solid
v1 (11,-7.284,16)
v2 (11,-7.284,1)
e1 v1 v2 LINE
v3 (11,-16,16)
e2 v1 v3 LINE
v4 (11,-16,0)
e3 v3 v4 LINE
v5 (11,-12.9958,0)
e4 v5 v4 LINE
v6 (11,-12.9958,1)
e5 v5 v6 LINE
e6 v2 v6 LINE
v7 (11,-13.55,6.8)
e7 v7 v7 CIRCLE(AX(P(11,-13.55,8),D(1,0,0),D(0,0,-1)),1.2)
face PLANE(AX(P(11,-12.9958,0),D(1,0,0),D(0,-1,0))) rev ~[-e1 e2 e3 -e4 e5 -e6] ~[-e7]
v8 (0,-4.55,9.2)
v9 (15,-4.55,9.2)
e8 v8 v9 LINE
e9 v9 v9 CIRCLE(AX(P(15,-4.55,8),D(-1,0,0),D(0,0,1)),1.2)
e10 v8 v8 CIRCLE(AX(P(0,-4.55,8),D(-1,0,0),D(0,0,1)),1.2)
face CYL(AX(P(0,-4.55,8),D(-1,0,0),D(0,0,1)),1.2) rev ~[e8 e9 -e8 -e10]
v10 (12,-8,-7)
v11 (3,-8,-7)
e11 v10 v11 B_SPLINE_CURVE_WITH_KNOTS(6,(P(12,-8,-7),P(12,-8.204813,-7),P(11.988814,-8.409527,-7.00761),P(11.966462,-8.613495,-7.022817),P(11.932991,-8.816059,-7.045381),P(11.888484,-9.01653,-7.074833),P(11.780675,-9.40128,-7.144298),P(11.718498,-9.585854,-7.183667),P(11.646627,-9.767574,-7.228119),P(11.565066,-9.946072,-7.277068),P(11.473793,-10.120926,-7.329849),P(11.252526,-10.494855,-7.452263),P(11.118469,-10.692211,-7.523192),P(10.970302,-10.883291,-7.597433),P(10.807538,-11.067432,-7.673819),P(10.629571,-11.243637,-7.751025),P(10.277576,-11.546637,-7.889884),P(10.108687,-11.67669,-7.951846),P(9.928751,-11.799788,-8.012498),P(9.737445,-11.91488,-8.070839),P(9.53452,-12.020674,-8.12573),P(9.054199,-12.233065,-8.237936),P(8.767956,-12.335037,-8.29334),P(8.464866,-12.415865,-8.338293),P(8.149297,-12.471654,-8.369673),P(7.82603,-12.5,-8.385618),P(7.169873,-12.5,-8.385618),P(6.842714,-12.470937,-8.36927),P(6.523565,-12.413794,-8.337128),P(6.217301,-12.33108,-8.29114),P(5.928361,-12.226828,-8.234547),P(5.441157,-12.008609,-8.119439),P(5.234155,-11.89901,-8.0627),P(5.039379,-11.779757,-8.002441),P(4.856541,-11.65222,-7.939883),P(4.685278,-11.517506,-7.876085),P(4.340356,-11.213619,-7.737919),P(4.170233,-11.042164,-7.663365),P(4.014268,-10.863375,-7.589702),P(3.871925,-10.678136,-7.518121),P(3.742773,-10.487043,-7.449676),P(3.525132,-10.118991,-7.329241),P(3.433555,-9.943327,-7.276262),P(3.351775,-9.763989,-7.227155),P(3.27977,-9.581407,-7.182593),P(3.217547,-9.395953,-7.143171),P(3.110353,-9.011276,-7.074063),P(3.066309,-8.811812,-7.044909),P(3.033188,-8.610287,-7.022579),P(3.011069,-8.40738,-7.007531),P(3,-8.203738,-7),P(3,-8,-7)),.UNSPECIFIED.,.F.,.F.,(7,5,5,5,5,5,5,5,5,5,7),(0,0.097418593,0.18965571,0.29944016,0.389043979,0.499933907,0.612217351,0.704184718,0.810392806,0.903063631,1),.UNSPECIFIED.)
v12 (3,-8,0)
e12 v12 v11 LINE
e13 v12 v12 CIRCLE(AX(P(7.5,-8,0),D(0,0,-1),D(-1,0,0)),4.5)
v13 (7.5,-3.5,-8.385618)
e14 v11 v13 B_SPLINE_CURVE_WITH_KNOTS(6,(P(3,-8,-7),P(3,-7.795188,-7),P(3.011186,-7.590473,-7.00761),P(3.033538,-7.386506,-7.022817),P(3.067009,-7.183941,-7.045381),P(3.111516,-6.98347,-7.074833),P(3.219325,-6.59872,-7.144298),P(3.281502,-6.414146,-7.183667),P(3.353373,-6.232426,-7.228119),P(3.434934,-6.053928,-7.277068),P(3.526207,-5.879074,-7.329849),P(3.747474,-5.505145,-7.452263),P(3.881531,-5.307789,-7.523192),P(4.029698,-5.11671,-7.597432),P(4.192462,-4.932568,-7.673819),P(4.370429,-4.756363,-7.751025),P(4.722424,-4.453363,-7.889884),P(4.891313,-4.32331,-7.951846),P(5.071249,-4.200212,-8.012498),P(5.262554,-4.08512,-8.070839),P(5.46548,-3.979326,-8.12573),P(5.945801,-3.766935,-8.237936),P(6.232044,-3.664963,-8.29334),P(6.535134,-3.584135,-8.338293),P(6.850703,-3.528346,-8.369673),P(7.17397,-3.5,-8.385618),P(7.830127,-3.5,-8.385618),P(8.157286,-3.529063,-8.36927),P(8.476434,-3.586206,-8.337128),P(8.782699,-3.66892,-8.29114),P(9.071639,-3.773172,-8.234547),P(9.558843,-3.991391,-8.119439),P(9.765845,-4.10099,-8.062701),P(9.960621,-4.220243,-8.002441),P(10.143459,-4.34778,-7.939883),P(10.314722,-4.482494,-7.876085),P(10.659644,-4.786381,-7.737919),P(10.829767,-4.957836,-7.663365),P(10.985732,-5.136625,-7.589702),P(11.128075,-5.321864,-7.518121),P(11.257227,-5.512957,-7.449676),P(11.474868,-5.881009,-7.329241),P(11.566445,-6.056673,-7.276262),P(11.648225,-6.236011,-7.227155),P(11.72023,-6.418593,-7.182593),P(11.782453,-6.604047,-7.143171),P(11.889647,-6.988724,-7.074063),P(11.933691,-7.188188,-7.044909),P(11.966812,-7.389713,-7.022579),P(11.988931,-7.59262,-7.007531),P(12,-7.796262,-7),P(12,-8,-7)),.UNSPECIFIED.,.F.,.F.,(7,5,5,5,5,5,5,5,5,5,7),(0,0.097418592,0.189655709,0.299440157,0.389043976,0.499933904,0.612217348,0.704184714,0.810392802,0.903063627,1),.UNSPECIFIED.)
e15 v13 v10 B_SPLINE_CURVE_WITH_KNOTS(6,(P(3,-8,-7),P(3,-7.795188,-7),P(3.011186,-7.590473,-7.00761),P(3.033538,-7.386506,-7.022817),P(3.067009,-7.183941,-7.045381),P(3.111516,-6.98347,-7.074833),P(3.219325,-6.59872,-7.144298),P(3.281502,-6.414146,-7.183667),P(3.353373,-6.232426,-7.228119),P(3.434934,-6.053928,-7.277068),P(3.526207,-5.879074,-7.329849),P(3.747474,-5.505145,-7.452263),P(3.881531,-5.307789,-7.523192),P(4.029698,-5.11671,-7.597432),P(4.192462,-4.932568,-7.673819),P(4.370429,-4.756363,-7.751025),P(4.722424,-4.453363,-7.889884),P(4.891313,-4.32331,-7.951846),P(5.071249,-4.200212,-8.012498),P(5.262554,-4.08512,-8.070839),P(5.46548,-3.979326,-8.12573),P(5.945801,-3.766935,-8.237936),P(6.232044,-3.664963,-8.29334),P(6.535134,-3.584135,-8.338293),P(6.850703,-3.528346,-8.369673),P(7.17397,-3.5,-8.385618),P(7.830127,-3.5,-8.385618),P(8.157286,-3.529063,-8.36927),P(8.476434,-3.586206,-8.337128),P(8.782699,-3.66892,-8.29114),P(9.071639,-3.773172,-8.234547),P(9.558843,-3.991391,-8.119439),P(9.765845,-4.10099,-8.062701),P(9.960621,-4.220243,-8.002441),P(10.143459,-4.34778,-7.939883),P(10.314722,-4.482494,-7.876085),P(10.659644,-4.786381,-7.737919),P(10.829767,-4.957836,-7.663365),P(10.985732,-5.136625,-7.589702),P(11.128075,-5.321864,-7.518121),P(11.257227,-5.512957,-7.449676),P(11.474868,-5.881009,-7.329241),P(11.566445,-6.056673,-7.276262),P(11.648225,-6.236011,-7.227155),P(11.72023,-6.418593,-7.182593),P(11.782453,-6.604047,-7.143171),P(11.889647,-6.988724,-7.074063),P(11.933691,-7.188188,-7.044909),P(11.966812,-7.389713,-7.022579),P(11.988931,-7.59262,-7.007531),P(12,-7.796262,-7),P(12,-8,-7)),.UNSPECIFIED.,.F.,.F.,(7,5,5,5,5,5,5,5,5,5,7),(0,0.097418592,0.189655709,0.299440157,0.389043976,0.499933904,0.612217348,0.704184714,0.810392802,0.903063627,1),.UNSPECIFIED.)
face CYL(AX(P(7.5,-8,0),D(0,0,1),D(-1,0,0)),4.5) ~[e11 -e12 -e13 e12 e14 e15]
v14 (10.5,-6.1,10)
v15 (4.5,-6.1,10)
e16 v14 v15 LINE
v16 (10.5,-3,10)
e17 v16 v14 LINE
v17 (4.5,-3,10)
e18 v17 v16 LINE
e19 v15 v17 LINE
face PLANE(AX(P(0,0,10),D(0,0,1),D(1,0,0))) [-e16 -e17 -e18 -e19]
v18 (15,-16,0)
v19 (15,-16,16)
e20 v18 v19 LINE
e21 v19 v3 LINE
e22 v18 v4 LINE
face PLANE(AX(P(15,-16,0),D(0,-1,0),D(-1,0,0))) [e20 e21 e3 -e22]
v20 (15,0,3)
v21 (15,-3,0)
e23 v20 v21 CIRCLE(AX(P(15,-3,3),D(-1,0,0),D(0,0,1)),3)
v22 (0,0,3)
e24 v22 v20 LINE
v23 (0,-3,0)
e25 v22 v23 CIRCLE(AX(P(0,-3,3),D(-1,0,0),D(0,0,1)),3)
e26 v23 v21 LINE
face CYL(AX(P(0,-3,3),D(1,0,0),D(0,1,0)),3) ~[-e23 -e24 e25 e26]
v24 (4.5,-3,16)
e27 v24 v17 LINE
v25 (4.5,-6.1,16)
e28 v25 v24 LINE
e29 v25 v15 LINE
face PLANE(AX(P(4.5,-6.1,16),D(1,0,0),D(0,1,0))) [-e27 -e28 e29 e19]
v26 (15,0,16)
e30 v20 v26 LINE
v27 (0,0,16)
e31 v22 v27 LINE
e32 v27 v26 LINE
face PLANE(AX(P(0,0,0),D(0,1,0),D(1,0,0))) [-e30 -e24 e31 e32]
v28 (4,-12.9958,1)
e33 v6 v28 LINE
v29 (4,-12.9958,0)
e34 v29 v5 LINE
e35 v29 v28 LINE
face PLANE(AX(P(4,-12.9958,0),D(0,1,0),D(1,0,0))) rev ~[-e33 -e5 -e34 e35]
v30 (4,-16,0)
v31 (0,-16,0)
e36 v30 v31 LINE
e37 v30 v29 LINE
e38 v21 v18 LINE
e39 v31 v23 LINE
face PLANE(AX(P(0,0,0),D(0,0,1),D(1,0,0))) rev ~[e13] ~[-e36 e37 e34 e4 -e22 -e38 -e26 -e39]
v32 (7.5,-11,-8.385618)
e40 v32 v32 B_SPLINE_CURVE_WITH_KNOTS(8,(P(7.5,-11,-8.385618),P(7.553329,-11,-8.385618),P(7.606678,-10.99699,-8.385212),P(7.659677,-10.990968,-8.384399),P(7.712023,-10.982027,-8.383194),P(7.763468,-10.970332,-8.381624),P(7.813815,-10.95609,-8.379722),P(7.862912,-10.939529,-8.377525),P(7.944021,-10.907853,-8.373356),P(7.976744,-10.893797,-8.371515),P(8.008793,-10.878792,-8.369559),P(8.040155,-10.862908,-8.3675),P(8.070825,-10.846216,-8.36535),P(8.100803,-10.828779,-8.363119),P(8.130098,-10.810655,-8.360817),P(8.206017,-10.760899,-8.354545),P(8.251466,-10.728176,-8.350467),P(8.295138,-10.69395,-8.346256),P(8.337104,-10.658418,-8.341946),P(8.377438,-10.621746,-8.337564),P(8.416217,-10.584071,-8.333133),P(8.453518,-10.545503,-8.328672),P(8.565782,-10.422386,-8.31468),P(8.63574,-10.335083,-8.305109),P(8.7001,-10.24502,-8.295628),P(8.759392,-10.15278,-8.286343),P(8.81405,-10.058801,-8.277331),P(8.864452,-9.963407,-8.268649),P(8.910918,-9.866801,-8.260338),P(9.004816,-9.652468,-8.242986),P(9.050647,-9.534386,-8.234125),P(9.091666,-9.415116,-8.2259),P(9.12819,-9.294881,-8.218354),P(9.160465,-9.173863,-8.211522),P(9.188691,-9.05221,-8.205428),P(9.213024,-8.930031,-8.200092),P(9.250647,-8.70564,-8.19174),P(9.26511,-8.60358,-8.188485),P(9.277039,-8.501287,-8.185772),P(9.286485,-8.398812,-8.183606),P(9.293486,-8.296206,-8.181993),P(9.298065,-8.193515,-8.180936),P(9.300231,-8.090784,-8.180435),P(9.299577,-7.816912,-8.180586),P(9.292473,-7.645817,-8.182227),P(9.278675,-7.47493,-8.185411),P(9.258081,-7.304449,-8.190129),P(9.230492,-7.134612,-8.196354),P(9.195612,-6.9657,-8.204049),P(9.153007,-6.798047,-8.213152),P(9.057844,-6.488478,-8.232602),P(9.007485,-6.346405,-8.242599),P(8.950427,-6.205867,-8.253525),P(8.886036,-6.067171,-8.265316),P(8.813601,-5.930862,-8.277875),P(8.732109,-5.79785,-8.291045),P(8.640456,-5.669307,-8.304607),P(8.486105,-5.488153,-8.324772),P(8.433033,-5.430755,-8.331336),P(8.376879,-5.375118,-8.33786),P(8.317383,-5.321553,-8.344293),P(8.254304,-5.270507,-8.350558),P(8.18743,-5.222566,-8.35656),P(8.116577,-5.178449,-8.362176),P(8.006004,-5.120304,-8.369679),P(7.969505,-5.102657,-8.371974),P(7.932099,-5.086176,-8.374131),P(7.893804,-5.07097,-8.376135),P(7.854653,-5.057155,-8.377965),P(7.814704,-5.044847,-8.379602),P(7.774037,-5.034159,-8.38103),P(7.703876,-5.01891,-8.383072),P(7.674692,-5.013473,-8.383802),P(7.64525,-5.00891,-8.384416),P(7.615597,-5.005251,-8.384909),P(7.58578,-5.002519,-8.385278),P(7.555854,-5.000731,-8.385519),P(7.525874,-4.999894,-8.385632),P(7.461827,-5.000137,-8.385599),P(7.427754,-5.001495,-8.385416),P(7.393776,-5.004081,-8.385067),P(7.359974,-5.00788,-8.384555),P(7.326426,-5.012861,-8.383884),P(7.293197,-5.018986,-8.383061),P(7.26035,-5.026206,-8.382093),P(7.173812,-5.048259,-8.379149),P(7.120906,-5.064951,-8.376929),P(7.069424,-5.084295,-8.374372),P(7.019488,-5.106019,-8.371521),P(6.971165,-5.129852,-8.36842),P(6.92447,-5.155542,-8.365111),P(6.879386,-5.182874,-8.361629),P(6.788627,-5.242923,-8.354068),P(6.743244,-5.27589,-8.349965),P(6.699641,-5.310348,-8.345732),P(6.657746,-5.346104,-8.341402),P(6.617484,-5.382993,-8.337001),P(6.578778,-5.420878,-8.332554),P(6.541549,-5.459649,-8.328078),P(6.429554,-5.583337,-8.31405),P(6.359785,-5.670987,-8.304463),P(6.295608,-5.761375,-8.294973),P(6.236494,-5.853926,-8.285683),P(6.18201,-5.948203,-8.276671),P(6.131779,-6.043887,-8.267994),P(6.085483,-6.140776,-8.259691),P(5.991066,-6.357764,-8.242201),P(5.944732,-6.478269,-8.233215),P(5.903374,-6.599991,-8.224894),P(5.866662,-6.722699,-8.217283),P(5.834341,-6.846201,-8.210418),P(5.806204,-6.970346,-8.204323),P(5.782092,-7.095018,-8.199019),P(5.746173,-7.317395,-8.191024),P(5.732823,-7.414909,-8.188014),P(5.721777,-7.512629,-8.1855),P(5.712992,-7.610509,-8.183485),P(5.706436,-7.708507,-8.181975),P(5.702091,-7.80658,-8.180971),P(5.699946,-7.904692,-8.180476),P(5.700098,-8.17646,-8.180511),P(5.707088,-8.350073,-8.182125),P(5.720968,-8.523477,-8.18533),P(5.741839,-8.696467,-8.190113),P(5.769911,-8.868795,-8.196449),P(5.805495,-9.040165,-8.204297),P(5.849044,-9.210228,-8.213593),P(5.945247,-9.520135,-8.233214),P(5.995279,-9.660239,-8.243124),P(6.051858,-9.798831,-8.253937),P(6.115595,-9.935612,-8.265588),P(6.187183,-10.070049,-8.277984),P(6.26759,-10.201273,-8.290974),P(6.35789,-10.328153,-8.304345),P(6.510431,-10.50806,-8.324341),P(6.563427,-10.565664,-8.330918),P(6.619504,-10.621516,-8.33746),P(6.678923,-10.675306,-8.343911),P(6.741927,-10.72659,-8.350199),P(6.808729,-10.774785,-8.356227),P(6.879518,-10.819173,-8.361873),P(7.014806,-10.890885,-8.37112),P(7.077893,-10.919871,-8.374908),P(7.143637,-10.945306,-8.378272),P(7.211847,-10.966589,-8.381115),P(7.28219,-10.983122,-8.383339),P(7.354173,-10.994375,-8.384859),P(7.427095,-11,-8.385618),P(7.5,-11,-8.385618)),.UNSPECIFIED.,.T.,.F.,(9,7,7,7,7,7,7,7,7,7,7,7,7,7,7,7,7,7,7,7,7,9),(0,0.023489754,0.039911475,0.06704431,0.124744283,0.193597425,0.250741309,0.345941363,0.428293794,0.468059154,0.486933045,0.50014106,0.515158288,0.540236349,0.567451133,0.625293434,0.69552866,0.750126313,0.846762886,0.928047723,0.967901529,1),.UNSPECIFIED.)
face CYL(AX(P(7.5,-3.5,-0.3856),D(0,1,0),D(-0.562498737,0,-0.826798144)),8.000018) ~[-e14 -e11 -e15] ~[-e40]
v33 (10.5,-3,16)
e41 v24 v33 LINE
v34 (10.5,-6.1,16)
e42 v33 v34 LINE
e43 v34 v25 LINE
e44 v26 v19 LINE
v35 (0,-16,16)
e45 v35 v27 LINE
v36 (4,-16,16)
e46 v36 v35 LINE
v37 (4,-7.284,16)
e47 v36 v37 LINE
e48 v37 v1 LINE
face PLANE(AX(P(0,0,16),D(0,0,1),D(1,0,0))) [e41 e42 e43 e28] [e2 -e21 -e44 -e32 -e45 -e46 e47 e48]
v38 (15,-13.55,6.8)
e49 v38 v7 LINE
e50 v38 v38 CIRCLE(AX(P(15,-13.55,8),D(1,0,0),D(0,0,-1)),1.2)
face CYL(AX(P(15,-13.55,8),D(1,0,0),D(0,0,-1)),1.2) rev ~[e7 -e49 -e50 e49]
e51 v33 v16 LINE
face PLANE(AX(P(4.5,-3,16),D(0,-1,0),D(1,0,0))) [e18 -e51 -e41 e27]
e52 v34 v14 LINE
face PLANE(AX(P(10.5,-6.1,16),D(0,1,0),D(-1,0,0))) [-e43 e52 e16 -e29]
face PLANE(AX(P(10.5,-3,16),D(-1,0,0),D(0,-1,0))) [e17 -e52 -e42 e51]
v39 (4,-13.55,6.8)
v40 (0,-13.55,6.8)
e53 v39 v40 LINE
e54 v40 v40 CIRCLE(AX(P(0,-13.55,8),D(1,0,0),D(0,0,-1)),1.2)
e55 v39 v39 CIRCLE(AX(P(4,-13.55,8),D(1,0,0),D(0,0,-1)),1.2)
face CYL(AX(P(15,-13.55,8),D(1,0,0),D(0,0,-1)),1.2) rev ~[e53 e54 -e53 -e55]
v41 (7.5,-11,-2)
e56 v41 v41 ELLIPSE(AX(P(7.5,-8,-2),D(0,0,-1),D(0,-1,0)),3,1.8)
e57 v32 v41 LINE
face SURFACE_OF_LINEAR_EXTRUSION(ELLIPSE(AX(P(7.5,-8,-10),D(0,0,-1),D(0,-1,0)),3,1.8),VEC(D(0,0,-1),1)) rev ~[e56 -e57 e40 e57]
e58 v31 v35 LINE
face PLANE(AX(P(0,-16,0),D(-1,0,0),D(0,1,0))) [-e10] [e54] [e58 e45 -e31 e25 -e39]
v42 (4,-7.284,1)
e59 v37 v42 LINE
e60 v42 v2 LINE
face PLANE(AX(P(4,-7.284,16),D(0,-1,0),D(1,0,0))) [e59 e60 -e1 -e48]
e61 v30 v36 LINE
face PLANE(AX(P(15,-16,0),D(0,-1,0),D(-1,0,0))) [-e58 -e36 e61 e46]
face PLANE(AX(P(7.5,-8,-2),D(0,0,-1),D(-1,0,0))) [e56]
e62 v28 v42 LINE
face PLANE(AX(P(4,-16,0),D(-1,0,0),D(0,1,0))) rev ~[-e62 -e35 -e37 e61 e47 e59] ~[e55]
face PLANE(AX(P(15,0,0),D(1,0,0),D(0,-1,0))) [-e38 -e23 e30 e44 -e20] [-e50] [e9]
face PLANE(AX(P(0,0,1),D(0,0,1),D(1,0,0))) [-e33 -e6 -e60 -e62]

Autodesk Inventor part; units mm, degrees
ref_plane "YZ Plane" through (0, 0, 0) normal (1, 0, 0) x (0, 1, 0)
ref_plane "XZ Plane" through (0, 0, 0) normal (0, 1, 0) x (-1, 0, 0)
sketch "Sketch1" plane through (0, 0, 0) normal (0, 0, 1) x (1, 0, 0)
  line L0 (0, 0) -> (15, 0)
  line L1 (15, 0) -> (15, -16)
  line L2 (15, -16) -> (0, -16)
  line L3 (0, -16) -> (0, 0)
  dimension "d0" = 16
  dimension "d1" = 15
extrude "Extrusion1" add sketch "Sketch1" along normal blind 16
sketch "Sketch21" plane through (0, 0, 0) normal (0, 0, -1) x (-1, 0, 0)
  circle A0 centre (-7.5, -8) radius 4.5
  line L0 (0, 0) -> (0, -16) projected
  line L1 (-15, 0) -> (0, 0) projected
  dimension "d2" = 16
  dimension "d89" = 9
  dimension "d90" = 7.5
  dimension "d91" = 8
extrude "Extrusion12" add sketch "Sketch21" along normal blind 10
sketch "Sketch22" plane through (7.5, -8, -10) normal (0, 0, -1) x (-1, 0, 0)
  ellipse E0 centre (0, 0) end of major axis (0, -3) minor radius 1.8
  point P0 (7.5, 8)
  dimension "d2" = 16
  dimension "d94" = 1.8
  dimension "d95" = 3
extrude "Extrusion13" cut sketch "Sketch22" against normal blind 8
ref_plane "Work Plane5" through (7.5, -3.5, 0) normal (0, -1, 0) x (1, 0, 0)
sketch "Sketch24" plane through (7.5, -3.5, 0) normal (0, -1, 0) x (1, 0, 0)
  line L0 (-4.5, -10) -> (4.5, -10) projected
  line L1 (4.5, -10) -> (-4.5, -10)
  line L2 (-4.5, -10) -> (-4.5, -7)
  line L3 (-4.5, 0) -> (-4.5, -10) projected
  line L4 (4.5, -10) -> (4.5, -7)
  line L5 (4.5, 0) -> (4.5, -10) projected
  arc A0 (-4.5, -7) -> (4.5, -7) centre (0, -0.3856) ccw
  point P0 (-7.5, 0)
  dimension "d2" = 16
  dimension "d98" = 3
  dimension "d99" = 3
  dimension "d100" = 8
extrude "Extrusion14" cut sketch "Sketch24" along normal blind 12
sketch "Sketch31" plane through (0, 0, 16) normal (0, 0, 1) x (1, 0, 0)
  line L0 (4.5, -3) -> (10.5, -3)
  line L1 (10.5, -3) -> (10.5, -6.1)
  line L2 (10.5, -6.1) -> (4.5, -6.1)
  line L3 (4.5, -6.1) -> (4.5, -3)
  line L4 (15, -16) -> (15, 0) projected
  line L5 (15, 0) -> (0, 0) projected
  dimension "d2" = 16
  dimension "d130" = 3.1
  dimension "d131" = 6
  dimension "d132" = 4.5
  dimension "d133" = 3
extrude "Extrusion20" cut sketch "Sketch31" against normal blind 6
sketch "Sketch32" plane through (0, 0, 16) normal (0, 0, 1) x (1, 0, 0)
  line L0 (4, -7.284) -> (11, -7.284)
  line L1 (11, -7.284) -> (11, -16.284)
  line L2 (11, -16.284) -> (4, -16.284)
  line L3 (4, -16.284) -> (4, -7.284)
  line L4 (10.5, -6.1) -> (4.5, -6.1) projected
  line L5 (15, -16) -> (15, 0) projected
  point P0 (0, 0)
  dimension "d2" = 16
  dimension "d140" = 7
  dimension "d141" = 1.184
  dimension "d142" = 4
  dimension "d143" = 9
extrude "Extrusion21" cut sketch "Sketch32" against normal blind 15
sketch "Sketch33" plane through (0, -16, 0) normal (-1, 0, 0) x (0, 0, 1)
  circle A0 centre (8, 11.45) radius 1.2
  line L0 (16, 0) -> (16, 16) projected
  point P0 (0, 16)
  dimension "d2" = 16
  dimension "d146" = 2.4
  dimension "d147" = 8
  dimension "d148" = 4.55
extrude "Extrusion22" cut sketch "Sketch33" against normal through all
sketch "Sketch34" plane through (0, 0, 0) normal (0, 0, -1) x (-1, 0, 0)
  line L0 (0, -16) -> (-15, -16) projected
  line L1 (-11, -16) -> (-4, -16)
  line L2 (-4, -16) -> (-4, -12.9958)
  line L3 (-4, -12.9958) -> (-11, -12.9958)
  line L4 (-11, -12.9958) -> (-11, -16)
  line L5 (0, 0) -> (0, -16) projected
  dimension "d2" = 16
  dimension "d151" = 7
  dimension "d152" = 4
extrude "Extrusion23" cut sketch "Sketch34" against normal blind 10
sketch "Sketch35" plane through (15, -16, 0) normal (1, 0, 0) x (0, 0, -1)
  circle A0 centre (-8, 2.45) radius 1.2
  line L0 (0, 0) -> (-16, 0) projected
  line L1 (-16, 0) -> (-16, 16) projected
  point P0 (0, 16)
  dimension "d2" = 16
  dimension "d155" = 2.4
  dimension "d156" = 2.45
  dimension "d157" = 8
extrude "Extrusion24" cut sketch "Sketch35" against normal through all
fillet "Fillet4" radius 3 1 edges at (7.5, 0, 0)
properties part number "korob_3" material "ABS Plastic"
